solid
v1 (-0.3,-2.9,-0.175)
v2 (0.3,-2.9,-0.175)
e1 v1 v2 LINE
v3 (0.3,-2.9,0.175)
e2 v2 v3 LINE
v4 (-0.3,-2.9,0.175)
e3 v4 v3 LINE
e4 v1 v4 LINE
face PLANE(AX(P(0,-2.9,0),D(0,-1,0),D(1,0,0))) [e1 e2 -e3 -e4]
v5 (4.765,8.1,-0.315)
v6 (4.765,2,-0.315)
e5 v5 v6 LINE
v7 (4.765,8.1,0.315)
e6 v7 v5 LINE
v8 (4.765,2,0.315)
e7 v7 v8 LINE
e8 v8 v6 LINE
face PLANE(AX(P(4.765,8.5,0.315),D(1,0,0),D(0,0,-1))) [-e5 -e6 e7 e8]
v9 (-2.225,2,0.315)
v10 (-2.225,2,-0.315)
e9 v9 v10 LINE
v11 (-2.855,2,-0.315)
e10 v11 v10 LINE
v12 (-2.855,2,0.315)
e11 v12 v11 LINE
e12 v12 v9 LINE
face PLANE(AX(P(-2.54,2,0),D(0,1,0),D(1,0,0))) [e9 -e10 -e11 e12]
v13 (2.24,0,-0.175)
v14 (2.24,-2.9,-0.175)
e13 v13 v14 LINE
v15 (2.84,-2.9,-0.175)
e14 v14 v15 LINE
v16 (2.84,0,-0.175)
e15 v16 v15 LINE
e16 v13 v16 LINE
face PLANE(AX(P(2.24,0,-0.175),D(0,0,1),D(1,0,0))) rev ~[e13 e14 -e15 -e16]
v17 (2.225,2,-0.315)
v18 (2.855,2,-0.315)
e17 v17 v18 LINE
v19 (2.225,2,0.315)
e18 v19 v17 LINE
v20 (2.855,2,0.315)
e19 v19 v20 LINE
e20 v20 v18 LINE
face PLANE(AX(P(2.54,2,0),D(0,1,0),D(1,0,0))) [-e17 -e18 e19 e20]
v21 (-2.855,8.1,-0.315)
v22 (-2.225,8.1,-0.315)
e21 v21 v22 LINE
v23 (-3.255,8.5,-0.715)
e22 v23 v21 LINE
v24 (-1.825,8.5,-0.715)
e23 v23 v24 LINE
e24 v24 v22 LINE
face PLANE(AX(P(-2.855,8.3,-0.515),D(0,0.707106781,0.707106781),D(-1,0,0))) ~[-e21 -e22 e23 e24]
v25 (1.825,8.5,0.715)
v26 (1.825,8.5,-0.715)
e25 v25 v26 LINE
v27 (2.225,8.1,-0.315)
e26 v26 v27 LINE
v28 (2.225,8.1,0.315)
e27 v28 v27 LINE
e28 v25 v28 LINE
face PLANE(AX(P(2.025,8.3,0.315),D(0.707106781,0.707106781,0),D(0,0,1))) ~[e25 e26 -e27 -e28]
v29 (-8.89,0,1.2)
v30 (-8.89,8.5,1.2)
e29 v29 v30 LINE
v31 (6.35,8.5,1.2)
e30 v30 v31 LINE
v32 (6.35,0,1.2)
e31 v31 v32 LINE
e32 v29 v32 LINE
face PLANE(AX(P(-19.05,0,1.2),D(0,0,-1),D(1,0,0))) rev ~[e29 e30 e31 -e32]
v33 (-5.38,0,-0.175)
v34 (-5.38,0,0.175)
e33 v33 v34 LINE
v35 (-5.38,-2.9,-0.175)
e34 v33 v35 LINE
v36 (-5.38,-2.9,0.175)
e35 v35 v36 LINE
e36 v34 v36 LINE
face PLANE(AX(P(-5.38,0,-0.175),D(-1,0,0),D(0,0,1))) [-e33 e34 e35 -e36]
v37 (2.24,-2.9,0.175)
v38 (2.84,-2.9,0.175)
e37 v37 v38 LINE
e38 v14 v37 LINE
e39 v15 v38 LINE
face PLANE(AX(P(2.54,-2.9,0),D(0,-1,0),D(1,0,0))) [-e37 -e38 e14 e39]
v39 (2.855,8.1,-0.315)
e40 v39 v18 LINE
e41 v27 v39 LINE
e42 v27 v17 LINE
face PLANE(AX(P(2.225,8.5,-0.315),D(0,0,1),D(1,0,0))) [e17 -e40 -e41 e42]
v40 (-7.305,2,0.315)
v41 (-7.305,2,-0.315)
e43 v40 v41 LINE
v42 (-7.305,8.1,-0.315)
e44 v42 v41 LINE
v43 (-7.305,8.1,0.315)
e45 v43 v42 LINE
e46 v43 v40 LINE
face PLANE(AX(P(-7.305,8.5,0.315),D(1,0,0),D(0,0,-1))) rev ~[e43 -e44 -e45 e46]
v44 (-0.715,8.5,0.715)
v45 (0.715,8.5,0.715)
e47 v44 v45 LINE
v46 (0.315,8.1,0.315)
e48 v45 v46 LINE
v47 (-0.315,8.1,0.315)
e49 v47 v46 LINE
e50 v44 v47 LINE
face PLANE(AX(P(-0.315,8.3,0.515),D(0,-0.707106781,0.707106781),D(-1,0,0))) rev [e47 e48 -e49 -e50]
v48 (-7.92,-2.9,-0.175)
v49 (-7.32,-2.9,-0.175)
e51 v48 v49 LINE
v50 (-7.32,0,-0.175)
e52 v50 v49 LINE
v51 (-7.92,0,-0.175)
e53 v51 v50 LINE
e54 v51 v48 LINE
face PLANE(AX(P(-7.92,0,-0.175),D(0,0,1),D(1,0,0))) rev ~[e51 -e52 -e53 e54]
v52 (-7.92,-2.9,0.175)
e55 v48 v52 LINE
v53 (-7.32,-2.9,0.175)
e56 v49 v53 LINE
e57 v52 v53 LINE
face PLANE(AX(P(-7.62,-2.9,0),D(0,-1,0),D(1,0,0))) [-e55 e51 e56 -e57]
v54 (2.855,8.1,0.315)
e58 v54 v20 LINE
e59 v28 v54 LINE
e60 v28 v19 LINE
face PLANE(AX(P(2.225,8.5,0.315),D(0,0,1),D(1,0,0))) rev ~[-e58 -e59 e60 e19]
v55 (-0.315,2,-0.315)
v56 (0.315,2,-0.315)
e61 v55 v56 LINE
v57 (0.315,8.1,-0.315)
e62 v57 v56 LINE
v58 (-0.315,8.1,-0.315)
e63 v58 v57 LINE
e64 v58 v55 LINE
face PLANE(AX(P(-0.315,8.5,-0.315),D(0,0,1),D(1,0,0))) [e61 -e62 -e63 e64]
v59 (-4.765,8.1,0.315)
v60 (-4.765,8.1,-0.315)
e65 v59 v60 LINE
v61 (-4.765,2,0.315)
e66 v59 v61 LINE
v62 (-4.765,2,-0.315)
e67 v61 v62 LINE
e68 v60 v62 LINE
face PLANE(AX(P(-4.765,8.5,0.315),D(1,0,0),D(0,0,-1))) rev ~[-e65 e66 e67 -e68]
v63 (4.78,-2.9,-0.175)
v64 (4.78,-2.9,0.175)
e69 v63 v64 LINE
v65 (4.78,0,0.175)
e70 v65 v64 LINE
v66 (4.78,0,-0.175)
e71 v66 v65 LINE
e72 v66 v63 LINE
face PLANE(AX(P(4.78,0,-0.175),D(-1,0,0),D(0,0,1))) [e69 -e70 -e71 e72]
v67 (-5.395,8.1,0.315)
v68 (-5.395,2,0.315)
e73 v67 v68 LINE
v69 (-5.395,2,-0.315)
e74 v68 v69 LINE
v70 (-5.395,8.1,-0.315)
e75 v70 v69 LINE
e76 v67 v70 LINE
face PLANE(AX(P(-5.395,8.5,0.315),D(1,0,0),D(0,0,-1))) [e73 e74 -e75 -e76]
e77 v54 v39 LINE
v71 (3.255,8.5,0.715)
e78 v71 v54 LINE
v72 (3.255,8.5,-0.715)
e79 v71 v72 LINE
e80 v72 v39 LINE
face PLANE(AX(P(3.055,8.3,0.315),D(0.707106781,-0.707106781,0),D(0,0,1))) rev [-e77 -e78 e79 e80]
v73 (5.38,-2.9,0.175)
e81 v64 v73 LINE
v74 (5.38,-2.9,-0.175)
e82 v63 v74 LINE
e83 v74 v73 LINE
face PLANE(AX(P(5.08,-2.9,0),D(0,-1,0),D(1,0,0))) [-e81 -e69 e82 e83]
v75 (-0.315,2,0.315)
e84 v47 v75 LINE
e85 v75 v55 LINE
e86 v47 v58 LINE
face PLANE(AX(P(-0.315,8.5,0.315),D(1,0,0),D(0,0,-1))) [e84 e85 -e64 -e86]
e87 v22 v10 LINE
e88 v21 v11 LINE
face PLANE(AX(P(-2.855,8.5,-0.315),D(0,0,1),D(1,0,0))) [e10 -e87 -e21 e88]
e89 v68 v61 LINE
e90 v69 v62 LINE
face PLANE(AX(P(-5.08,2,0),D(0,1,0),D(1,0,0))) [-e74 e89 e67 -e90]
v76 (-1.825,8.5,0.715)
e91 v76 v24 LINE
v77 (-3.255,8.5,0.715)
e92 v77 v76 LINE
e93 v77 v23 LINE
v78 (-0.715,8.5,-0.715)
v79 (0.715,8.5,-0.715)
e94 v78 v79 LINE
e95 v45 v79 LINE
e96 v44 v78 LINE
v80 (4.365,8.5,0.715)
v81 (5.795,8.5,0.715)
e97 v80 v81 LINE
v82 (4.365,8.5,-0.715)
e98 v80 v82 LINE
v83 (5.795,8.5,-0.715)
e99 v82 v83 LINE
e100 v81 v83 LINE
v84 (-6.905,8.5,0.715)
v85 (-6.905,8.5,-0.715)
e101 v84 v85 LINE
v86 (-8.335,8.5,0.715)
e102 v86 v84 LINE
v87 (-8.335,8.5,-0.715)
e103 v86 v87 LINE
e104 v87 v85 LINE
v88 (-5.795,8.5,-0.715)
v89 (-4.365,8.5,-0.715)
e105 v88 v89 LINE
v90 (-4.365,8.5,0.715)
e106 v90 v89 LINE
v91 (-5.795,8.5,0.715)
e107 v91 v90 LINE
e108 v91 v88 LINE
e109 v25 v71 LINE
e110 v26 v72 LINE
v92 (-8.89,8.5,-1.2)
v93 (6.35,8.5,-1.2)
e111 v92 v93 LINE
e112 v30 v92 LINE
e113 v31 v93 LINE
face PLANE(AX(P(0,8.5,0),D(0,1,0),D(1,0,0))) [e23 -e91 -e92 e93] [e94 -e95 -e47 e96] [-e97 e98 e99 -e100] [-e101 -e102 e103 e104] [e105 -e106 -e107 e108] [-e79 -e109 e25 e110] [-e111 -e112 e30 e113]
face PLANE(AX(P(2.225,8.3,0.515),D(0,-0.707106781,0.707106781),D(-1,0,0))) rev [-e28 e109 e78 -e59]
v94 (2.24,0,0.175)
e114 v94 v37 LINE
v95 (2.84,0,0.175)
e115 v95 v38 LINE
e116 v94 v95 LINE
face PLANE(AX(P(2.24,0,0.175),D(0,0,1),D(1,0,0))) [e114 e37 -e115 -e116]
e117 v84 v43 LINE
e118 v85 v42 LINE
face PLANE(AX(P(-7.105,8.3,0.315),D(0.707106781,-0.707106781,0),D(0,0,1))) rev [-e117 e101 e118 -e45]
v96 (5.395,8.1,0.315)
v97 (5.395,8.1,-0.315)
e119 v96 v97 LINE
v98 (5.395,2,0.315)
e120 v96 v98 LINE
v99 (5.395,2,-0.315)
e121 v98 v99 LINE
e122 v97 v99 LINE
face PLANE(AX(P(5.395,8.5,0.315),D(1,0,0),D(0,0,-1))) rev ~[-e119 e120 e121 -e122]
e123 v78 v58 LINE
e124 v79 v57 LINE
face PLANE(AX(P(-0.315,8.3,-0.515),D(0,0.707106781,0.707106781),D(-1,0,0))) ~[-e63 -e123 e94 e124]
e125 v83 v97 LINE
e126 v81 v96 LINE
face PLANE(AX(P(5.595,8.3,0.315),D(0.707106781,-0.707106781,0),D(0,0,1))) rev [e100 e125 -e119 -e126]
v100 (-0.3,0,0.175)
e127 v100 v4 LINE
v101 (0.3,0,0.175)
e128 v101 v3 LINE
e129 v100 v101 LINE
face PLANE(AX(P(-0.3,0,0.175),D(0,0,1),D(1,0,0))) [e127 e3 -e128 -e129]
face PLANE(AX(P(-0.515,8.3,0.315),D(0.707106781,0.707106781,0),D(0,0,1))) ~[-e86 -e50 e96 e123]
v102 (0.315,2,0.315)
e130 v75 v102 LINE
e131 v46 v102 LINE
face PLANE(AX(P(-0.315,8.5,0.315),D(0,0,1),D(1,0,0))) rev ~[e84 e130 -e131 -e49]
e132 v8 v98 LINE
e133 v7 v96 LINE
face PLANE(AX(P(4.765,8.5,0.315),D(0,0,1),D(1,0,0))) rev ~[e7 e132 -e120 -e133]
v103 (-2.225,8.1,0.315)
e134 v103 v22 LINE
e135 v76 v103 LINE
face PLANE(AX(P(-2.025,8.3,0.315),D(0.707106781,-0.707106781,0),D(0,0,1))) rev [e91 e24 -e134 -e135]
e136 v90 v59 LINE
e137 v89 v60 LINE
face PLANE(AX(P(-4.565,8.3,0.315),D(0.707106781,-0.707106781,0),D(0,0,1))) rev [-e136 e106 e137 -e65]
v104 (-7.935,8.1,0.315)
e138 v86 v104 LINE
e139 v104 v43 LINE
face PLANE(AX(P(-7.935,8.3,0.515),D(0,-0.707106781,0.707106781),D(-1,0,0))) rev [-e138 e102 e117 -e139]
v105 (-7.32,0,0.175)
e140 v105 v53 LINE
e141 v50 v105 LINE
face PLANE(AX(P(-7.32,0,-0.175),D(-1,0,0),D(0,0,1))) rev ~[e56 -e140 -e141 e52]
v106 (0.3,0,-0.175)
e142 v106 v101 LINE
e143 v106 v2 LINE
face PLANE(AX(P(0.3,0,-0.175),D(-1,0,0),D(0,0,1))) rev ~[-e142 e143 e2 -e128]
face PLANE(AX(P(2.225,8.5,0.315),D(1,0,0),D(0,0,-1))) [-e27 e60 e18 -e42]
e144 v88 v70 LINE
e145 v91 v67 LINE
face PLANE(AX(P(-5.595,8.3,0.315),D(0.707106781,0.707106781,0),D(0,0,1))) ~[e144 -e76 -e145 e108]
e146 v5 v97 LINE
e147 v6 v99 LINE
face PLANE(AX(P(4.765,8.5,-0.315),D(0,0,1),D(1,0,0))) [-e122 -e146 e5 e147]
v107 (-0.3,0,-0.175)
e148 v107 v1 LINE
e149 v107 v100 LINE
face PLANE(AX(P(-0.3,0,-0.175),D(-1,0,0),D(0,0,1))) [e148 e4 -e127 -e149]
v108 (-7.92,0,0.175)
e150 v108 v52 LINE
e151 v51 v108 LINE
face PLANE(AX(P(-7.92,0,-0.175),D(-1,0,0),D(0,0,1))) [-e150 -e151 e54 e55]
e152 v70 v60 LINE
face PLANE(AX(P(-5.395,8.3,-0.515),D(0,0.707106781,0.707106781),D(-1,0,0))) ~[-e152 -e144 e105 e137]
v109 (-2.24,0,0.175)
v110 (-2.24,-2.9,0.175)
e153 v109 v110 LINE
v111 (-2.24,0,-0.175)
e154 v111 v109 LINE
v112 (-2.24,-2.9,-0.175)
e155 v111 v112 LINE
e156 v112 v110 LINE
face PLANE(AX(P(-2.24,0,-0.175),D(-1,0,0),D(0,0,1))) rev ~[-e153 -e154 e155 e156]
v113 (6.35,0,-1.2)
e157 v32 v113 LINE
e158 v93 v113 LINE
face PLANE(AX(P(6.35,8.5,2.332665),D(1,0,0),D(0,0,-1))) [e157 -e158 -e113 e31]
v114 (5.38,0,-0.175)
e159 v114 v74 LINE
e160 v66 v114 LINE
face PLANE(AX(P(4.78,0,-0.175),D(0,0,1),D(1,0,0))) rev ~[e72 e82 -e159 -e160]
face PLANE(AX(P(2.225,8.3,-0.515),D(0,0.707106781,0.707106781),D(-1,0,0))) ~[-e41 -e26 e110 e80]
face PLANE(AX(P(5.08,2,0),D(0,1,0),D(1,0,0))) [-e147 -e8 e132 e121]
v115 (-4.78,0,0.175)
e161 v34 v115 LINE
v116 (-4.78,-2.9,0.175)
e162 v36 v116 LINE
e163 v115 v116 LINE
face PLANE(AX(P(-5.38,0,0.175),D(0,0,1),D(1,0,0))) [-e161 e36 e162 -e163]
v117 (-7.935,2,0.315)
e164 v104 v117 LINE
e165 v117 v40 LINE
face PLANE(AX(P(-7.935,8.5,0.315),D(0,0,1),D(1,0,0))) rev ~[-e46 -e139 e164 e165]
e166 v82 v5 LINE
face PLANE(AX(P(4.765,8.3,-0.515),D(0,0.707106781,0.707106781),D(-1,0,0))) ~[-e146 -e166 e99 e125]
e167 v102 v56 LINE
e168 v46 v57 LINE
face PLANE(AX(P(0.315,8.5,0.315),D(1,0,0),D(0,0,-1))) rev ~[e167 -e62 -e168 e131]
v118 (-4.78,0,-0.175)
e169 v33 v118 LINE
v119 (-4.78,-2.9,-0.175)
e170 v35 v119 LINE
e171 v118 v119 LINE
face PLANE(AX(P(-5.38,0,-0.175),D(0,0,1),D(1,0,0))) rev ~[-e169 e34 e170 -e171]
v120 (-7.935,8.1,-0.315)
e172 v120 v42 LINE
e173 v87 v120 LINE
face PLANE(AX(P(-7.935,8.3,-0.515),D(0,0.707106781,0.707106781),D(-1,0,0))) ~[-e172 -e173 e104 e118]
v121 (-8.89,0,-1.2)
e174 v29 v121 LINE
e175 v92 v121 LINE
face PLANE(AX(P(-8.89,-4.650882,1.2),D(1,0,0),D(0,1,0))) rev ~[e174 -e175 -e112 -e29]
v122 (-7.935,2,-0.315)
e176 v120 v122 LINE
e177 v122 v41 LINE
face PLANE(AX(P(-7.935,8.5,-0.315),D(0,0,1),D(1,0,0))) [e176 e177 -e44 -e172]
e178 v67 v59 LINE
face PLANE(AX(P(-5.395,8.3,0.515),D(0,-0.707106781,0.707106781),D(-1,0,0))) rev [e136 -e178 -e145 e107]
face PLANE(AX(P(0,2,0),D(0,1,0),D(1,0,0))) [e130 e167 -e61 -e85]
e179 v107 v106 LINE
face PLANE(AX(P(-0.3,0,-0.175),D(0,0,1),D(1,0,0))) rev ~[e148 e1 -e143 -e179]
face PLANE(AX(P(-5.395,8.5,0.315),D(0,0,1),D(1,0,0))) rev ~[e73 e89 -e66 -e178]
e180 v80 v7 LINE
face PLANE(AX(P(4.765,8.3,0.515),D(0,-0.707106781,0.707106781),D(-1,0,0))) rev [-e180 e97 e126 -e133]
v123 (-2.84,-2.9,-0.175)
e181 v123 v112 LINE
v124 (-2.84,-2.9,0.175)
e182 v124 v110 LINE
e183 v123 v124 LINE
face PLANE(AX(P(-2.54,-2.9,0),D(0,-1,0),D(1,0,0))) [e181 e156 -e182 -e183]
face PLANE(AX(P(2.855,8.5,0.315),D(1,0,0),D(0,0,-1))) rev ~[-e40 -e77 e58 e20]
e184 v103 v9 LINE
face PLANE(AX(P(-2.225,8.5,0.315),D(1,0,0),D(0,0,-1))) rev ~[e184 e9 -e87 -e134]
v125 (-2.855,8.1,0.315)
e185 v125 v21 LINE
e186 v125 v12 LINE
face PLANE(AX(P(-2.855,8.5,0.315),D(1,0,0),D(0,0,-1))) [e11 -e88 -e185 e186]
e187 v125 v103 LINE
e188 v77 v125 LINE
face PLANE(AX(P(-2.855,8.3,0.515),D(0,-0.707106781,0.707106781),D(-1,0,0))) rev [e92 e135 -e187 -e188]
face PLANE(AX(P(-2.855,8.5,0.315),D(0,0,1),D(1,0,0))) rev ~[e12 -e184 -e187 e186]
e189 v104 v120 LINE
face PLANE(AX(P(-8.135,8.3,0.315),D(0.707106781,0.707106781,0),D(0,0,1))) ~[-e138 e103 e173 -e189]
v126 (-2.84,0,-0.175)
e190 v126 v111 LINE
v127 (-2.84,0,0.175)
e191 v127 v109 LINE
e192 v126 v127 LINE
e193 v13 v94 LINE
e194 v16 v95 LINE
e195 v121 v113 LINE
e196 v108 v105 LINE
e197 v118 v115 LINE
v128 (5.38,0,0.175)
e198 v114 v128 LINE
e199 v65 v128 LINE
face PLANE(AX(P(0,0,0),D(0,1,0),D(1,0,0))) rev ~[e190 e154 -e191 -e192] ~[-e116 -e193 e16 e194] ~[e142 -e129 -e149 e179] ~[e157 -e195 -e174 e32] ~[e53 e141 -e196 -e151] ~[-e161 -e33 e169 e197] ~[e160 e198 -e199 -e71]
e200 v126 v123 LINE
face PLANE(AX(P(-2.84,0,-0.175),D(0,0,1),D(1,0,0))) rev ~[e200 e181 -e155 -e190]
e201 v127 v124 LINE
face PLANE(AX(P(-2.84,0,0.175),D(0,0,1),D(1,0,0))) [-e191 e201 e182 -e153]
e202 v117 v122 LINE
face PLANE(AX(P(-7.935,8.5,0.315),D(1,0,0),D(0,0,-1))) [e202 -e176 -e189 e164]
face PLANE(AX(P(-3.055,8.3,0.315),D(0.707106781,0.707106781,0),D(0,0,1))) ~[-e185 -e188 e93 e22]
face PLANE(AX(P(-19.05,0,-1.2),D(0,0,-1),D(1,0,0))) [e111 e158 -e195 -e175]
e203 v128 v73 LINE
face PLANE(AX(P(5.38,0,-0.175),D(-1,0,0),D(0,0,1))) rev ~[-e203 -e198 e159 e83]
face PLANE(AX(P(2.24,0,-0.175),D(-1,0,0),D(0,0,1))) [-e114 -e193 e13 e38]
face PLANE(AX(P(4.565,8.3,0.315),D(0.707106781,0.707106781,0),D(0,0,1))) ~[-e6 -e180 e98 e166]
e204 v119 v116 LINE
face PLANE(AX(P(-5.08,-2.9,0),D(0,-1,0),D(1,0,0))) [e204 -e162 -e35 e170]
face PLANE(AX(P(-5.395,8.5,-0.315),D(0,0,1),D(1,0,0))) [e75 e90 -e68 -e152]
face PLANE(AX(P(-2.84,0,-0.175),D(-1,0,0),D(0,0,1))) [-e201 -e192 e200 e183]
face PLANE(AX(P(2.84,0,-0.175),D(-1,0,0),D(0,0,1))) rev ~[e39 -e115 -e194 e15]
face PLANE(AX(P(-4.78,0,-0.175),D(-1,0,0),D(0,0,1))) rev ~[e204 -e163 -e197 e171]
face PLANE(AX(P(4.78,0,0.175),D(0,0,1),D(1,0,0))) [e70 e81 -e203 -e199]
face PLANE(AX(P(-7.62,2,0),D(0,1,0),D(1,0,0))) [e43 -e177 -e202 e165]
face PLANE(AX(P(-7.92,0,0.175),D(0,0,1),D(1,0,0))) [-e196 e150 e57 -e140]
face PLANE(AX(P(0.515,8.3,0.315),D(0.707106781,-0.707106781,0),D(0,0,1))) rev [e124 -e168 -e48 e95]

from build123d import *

# Parameters (mm, degrees)
SKETCH1_W           = 38.1
SKETCH1_H           = 2.4
BOSS_EXTRUDE1_DEPTH = 8.5
SKETCH2_W           = 0.63
SKETCH2_H           = 0.63
CUT_EXTRUDE1_DEPTH  = 6.5
SKETCH3_W           = 0.6
SKETCH3_H           = 0.35
BOSS_EXTRUDE2_DEPTH = 2.9
CHAMFER1_SIZE       = 0.4
SKETCH4_W           = 19.378829163
SKETCH4_H           = 4.471478983
CUT_EXTRUDE2_DEPTH  = 23.232914789
SKETCH8_W           = 10.16
SKETCH8_H           = 13.150882218
CUT_EXTRUDE3_DEPTH  = 21.997916563


with BuildPart() as part:
    # Sketch1 → Boss-Extrude1 (new body)
    with BuildSketch(Plane(origin=(0, 0, 0), x_dir=(1, 0, 0), z_dir=(0, 1, 0))):
        Rectangle(SKETCH1_W, SKETCH1_H)
    extrude(amount=BOSS_EXTRUDE1_DEPTH)

    # Sketch2 → Cut-Extrude1 (cut)
    with BuildSketch(Plane(origin=(0, 8.5, 0), x_dir=(1, 0, 0), z_dir=(0, 1, 0))):
        with Locations((-15.24, 0)):
            Rectangle(SKETCH2_W, SKETCH2_H)
        with Locations((-17.78, 0)):
            Rectangle(SKETCH2_W, SKETCH2_H)
        with Locations((-12.7, 0)):
            Rectangle(SKETCH2_W, SKETCH2_H)
        with Locations((-10.16, 0)):
            Rectangle(SKETCH2_W, SKETCH2_H)
        with Locations((-7.62, 0)):
            Rectangle(SKETCH2_W, SKETCH2_H)
        with Locations((-5.08, 0)):
            Rectangle(SKETCH2_W, SKETCH2_H)
        with Locations((-2.54, 0)):
            Rectangle(SKETCH2_W, SKETCH2_H)
        Rectangle(SKETCH2_W, SKETCH2_H)
        with Locations((2.54, 0)):
            Rectangle(SKETCH2_W, SKETCH2_H)
        with Locations((5.08, 0)):
            Rectangle(SKETCH2_W, SKETCH2_H)
        with Locations((7.62, 0)):
            Rectangle(SKETCH2_W, SKETCH2_H)
        with Locations((10.16, 0)):
            Rectangle(SKETCH2_W, SKETCH2_H)
        with Locations((12.7, 0)):
            Rectangle(SKETCH2_W, SKETCH2_H)
        with Locations((15.24, 0)):
            Rectangle(SKETCH2_W, SKETCH2_H)
        with Locations((17.78, 0)):
            Rectangle(SKETCH2_W, SKETCH2_H)
    extrude(amount=-CUT_EXTRUDE1_DEPTH, mode=Mode.SUBTRACT)

    # Sketch3 → Boss-Extrude2 (add)
    with BuildSketch(Plane.XZ):
        with Locations((-15.24, 0)):
            Rectangle(SKETCH3_W, SKETCH3_H)
        with Locations((-17.78, 0)):
            Rectangle(SKETCH3_W, SKETCH3_H)
        with Locations((-12.7, 0)):
            Rectangle(SKETCH3_W, SKETCH3_H)
        with Locations((-10.16, 0)):
            Rectangle(SKETCH3_W, SKETCH3_H)
        with Locations((-7.62, 0)):
            Rectangle(SKETCH3_W, SKETCH3_H)
        with Locations((-5.08, 0)):
            Rectangle(SKETCH3_W, SKETCH3_H)
        with Locations((-2.54, 0)):
            Rectangle(SKETCH3_W, SKETCH3_H)
        Rectangle(SKETCH3_W, SKETCH3_H)
        with Locations((2.54, 0)):
            Rectangle(SKETCH3_W, SKETCH3_H)
        with Locations((5.08, 0)):
            Rectangle(SKETCH3_W, SKETCH3_H)
        with Locations((7.62, 0)):
            Rectangle(SKETCH3_W, SKETCH3_H)
        with Locations((10.16, 0)):
            Rectangle(SKETCH3_W, SKETCH3_H)
        with Locations((12.7, 0)):
            Rectangle(SKETCH3_W, SKETCH3_H)
        with Locations((15.24, 0)):
            Rectangle(SKETCH3_W, SKETCH3_H)
        with Locations((17.78, 0)):
            Rectangle(SKETCH3_W, SKETCH3_H)
    extrude(amount=BOSS_EXTRUDE2_DEPTH)

    # Chamfer1
    chamfer1_edges = [part.edges().sort_by_distance(p)[0] for p in [
        (2.855, 8.5, 0),
        (2.54, 8.5, -0.315),
        (2.225, 8.5, 0),
        (2.54, 8.5, 0.315),
        (5.395, 8.5, 0),
        (5.08, 8.5, -0.315),
        (4.765, 8.5, 0),
        (5.08, 8.5, 0.315),
        (7.935, 8.5, 0),
        (7.62, 8.5, -0.315),
        (7.305, 8.5, 0),
        (7.62, 8.5, 0.315),
        (10.475, 8.5, 0),
        (10.16, 8.5, -0.315),
        (9.845, 8.5, 0),
        (10.16, 8.5, 0.315),
        (13.015, 8.5, 0),
        (12.7, 8.5, -0.315),
        (12.385, 8.5, 0),
        (12.7, 8.5, 0.315),
        (15.555, 8.5, 0),
        (15.24, 8.5, -0.315),
        (14.925, 8.5, 0),
        (15.24, 8.5, 0.315),
        (18.095, 8.5, 0),
        (17.78, 8.5, -0.315),
        (17.465, 8.5, 0),
        (17.78, 8.5, 0.315),
        (-17.465, 8.5, 0),
        (-17.78, 8.5, -0.315),
        (-18.095, 8.5, 0),
        (-17.78, 8.5, 0.315),
        (-14.925, 8.5, 0),
        (-15.24, 8.5, -0.315),
        (-15.555, 8.5, 0),
        (-15.24, 8.5, 0.315),
        (-12.385, 8.5, 0),
        (-12.7, 8.5, -0.315),
        (-13.015, 8.5, 0),
        (-12.7, 8.5, 0.315),
        (-9.845, 8.5, 0),
        (-10.16, 8.5, -0.315),
        (-10.475, 8.5, 0),
        (-10.16, 8.5, 0.315),
        (-7.305, 8.5, 0),
        (-7.62, 8.5, -0.315),
        (-7.935, 8.5, 0),
        (-7.62, 8.5, 0.315),
        (-4.765, 8.5, 0),
        (-5.08, 8.5, -0.315),
        (-5.395, 8.5, 0),
        (-5.08, 8.5, 0.315),
        (-2.225, 8.5, 0),
        (-2.54, 8.5, -0.315),
        (-2.855, 8.5, 0),
        (-2.54, 8.5, 0.315),
        (0.315, 8.5, 0),
        (0, 8.5, -0.315),
        (-0.315, 8.5, 0),
        (0, 8.5, 0.315),
    ]]
    chamfer(chamfer1_edges, length=CHAMFER1_SIZE)

    # Sketch4 → Cut-Extrude2 (cut, through all)
    with BuildSketch(Plane(origin=(0, 8.5, 0), x_dir=(1, 0, 0), z_dir=(0, 1, 0))):
        with Locations((16.039414582, -0.096925096)):
            Rectangle(SKETCH4_W, SKETCH4_H)
    extrude(amount=-CUT_EXTRUDE2_DEPTH, mode=Mode.SUBTRACT)

    # Sketch8 → Cut-Extrude3 (cut, through all)
    with BuildSketch(Plane.XY.offset(1.2)):
        with Locations((-13.97, 1.924558891)):
            Rectangle(SKETCH8_W, SKETCH8_H)
    extrude(amount=-CUT_EXTRUDE3_DEPTH, mode=Mode.SUBTRACT)


solid = part.part
